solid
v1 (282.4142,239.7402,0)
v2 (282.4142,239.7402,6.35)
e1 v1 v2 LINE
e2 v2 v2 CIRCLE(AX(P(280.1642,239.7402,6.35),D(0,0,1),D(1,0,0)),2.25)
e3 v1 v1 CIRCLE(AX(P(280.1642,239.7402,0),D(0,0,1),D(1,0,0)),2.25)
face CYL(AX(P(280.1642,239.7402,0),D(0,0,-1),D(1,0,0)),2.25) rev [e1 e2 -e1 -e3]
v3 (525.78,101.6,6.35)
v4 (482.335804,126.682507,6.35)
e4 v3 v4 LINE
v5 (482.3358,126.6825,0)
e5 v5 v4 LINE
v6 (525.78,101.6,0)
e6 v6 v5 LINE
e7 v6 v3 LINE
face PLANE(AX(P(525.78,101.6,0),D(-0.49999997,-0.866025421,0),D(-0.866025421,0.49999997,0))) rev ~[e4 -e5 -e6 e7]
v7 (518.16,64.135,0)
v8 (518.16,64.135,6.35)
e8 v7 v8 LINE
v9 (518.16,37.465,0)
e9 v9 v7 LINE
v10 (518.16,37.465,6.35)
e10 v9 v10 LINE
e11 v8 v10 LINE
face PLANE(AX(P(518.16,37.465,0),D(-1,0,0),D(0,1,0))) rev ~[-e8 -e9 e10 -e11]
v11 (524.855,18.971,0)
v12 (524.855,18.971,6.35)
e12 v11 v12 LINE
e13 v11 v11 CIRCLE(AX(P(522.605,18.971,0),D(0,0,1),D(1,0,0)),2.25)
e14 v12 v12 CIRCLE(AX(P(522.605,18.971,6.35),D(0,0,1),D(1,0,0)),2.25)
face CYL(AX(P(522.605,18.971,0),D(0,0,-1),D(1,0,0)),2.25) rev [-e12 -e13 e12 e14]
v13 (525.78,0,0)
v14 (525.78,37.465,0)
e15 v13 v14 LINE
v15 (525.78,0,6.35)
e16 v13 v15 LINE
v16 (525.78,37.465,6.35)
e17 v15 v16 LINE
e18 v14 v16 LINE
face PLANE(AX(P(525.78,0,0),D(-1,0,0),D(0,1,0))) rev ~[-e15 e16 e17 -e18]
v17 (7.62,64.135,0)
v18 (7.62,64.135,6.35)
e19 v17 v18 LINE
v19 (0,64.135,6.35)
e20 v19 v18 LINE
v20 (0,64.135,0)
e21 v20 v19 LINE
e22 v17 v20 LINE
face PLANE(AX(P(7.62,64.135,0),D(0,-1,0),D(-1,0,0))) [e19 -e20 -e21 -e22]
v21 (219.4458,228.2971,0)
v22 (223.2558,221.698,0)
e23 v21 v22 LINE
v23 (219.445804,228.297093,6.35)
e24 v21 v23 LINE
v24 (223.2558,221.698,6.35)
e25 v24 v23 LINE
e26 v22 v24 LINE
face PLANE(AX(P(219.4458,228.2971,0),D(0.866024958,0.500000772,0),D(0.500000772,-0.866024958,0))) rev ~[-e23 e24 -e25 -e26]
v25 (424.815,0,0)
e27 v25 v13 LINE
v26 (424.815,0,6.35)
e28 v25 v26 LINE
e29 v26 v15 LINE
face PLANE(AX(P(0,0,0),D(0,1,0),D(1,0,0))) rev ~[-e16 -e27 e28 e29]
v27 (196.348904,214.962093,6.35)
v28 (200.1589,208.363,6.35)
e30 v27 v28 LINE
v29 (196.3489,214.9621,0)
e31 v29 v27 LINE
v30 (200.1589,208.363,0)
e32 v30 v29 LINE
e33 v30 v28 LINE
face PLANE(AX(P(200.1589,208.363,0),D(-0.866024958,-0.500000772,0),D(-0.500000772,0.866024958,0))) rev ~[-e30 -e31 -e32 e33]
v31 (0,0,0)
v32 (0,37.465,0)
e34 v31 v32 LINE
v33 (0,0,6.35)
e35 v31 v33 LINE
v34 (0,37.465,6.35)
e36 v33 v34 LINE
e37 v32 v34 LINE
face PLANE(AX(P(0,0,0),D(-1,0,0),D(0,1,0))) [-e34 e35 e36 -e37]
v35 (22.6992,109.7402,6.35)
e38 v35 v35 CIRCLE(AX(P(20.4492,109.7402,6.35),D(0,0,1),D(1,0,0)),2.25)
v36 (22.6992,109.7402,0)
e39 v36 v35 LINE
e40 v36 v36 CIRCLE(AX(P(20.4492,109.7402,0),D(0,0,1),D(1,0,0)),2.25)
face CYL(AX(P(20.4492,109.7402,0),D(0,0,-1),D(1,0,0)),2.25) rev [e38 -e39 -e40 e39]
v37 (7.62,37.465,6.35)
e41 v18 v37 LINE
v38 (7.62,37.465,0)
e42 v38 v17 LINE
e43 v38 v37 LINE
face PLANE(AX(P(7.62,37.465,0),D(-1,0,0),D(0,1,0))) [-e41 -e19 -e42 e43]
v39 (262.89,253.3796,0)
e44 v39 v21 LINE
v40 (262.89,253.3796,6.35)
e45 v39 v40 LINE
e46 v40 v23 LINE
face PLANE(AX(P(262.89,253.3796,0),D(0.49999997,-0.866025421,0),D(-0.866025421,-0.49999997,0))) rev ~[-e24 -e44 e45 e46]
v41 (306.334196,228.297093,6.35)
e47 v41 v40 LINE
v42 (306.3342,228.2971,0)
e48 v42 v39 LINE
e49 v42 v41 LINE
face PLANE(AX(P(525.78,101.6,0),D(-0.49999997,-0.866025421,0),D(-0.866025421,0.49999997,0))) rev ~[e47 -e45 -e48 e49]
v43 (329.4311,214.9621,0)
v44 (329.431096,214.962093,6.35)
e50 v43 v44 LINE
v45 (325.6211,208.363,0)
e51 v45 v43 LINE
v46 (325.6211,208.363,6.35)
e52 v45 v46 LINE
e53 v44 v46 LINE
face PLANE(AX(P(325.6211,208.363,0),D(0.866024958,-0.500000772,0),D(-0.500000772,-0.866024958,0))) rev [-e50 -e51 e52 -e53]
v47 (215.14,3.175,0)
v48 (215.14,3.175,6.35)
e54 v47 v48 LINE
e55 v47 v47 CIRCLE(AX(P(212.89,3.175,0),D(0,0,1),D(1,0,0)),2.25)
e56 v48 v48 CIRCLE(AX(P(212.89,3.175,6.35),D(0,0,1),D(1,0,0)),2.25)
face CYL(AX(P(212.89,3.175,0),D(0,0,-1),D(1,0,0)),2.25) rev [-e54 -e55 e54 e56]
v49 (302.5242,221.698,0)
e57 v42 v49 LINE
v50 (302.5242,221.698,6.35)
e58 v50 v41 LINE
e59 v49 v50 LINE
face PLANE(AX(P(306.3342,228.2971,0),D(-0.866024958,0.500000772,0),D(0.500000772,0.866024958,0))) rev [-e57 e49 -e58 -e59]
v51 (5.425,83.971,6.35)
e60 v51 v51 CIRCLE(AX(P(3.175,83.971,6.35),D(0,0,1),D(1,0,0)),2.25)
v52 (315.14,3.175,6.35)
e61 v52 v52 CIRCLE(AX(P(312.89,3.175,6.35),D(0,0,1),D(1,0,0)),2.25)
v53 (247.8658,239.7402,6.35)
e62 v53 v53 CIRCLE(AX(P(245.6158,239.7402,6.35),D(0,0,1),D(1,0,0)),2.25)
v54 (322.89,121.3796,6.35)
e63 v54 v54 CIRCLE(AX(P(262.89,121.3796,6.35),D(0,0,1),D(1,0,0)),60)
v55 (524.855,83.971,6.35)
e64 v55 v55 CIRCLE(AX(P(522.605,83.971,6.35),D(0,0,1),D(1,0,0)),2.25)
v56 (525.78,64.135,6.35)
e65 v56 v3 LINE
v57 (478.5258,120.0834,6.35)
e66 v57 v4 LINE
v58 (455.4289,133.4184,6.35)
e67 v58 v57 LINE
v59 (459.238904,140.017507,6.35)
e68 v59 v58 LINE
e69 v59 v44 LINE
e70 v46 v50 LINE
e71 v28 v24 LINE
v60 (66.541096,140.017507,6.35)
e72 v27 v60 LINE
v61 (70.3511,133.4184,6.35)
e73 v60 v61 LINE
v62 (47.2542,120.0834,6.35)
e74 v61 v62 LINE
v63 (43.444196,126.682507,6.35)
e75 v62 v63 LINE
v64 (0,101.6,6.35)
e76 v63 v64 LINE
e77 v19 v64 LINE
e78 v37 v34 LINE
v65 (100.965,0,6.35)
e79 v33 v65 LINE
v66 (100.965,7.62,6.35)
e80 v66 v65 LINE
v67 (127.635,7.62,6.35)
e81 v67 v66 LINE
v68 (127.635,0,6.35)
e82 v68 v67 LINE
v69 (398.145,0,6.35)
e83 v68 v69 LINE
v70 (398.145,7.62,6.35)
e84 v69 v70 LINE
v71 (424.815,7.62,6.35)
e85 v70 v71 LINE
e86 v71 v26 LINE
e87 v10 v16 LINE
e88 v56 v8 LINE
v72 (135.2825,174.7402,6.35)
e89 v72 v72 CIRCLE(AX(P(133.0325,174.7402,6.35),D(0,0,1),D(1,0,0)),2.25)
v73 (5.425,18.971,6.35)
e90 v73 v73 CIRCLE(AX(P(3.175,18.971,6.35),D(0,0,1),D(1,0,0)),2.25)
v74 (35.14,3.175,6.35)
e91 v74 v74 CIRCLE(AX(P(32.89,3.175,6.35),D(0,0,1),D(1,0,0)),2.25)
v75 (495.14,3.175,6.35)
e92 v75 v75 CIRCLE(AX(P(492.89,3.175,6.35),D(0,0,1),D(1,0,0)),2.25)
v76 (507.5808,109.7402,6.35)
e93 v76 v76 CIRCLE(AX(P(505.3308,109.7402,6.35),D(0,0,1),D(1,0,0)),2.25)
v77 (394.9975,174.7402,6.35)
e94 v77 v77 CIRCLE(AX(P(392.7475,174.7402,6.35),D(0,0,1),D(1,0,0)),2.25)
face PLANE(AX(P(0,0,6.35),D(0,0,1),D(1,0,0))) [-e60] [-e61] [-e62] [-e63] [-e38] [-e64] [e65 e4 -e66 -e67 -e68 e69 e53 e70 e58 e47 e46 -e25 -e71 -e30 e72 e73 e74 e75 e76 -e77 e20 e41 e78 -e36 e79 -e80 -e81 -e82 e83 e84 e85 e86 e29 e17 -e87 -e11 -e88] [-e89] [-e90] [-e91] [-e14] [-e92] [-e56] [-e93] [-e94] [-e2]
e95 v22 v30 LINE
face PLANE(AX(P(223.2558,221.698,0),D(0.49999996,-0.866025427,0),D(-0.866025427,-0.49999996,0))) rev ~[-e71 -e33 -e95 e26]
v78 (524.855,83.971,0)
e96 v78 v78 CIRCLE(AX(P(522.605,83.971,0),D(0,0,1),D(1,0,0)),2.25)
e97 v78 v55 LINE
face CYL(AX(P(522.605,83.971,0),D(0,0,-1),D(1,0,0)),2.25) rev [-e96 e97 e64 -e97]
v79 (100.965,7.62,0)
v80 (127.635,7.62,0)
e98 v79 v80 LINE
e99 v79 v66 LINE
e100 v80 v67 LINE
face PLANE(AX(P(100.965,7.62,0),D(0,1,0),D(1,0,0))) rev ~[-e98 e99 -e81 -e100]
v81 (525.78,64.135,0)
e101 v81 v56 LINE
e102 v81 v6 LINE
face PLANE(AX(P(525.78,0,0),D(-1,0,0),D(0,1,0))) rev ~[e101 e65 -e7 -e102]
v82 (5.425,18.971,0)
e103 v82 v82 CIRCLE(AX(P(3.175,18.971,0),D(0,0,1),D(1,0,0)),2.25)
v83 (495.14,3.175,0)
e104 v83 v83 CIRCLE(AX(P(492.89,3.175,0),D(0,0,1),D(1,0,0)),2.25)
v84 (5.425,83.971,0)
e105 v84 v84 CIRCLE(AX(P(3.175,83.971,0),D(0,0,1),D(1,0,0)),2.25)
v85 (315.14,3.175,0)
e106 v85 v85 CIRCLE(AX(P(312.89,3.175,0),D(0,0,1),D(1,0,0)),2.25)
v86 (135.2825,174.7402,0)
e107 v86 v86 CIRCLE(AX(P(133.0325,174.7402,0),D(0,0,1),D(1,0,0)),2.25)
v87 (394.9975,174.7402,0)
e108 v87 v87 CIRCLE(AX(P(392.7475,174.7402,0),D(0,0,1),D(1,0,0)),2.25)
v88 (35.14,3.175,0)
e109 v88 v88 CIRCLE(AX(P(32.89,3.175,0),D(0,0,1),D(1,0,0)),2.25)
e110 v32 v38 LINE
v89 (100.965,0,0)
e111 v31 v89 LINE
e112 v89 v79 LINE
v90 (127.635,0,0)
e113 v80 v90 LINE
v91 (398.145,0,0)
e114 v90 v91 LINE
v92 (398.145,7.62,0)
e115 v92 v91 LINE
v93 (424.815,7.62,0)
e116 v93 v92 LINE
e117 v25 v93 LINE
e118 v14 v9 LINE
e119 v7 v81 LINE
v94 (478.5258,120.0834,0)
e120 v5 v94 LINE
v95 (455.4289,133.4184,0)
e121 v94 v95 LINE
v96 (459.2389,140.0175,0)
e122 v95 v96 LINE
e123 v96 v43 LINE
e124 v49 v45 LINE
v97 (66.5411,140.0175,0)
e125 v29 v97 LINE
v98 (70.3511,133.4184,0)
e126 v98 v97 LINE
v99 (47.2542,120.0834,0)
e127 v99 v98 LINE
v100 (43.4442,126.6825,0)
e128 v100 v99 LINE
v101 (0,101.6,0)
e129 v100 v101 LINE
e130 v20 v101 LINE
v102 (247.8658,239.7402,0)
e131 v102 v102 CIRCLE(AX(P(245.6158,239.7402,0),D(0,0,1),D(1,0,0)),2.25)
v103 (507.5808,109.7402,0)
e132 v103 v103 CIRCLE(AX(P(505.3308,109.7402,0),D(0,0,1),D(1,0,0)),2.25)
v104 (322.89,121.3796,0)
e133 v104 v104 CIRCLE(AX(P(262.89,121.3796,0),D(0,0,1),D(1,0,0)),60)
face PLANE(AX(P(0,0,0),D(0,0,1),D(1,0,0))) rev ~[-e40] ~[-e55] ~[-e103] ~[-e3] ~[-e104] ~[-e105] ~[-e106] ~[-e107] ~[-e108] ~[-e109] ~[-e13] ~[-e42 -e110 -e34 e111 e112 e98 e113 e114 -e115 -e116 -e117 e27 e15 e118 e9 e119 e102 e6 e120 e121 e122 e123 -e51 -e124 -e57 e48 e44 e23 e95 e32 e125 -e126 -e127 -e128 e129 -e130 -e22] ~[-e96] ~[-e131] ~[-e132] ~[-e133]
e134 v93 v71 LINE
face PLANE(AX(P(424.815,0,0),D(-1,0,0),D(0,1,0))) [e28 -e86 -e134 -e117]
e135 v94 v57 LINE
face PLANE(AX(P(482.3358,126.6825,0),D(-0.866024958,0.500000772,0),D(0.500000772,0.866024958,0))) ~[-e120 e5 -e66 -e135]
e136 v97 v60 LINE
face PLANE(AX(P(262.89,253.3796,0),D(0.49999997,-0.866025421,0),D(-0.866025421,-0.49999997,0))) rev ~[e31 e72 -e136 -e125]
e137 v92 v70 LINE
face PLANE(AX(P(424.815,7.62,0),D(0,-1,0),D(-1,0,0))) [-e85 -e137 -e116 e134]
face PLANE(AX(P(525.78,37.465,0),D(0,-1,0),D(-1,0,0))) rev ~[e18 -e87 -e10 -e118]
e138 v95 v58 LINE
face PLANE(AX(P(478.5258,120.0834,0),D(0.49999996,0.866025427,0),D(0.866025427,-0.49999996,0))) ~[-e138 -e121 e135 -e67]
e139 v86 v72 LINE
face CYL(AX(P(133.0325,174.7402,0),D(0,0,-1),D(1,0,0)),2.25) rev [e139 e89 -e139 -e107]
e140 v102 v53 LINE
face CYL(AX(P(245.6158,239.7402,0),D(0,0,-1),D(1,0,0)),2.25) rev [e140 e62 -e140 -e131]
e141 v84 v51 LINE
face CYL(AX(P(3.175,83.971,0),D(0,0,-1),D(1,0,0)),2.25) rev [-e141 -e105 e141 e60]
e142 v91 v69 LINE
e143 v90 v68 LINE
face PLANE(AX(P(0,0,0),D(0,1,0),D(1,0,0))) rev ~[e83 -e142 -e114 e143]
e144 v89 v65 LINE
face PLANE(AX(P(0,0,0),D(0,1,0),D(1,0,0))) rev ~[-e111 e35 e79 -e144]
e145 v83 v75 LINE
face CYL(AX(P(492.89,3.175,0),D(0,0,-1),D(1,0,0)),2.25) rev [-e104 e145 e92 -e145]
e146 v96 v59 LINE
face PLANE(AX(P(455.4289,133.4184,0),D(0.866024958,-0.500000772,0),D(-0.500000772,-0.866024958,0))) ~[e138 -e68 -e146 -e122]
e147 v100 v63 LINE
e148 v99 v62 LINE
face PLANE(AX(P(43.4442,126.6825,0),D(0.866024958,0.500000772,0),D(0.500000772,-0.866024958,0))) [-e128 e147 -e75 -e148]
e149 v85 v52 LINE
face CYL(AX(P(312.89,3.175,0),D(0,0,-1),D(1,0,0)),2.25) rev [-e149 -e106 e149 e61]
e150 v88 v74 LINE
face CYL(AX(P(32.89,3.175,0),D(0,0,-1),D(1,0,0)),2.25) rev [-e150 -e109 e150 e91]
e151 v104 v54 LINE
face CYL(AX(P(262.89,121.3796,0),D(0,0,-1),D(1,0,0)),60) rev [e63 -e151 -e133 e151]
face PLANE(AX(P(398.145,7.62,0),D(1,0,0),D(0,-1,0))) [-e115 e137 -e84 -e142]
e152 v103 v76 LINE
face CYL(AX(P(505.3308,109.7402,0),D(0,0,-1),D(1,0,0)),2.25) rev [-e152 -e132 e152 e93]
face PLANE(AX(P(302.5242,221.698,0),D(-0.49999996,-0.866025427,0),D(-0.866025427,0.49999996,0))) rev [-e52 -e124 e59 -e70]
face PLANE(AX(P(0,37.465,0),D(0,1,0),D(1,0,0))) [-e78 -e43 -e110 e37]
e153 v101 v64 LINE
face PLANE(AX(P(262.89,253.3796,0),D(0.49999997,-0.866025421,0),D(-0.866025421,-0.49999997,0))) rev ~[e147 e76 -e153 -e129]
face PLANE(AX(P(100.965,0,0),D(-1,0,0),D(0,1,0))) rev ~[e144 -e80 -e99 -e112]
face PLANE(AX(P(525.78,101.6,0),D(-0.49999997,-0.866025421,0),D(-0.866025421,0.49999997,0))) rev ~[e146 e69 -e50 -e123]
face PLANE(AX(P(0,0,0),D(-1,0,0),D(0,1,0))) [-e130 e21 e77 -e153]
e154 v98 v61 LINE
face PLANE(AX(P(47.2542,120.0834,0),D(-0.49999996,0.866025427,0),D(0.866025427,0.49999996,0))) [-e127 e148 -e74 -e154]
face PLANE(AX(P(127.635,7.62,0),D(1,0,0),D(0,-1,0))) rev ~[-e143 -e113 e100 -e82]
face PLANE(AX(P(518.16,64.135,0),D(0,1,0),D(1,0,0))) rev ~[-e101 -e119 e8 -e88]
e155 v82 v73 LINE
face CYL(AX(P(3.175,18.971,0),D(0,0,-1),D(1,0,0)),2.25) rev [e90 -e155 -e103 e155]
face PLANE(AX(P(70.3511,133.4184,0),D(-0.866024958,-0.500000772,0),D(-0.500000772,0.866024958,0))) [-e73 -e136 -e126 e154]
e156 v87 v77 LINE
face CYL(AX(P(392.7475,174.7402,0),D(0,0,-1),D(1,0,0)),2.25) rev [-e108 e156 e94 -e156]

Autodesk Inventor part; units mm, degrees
ref_plane "YZ Plane" through (0, 0, 0) normal (1, 0, 0) x (0, 1, 0)
ref_plane "XZ Plane" through (0, 0, 0) normal (0, 1, 0) x (-1, 0, 0)
sketch "Sketch1" plane through (0, 0, 0) normal (0, 0, 1) x (1, 0, 0)
  line L0 (0, 0) -> (0, 101.6)
  line L1 (0, 0) -> (525.78, 0)
  line L2 (525.78, 0) -> (525.78, 101.6)
  line L3 (525.78, 101.6) -> (262.89, 253.3796)
  line L4 (262.89, 253.3796) -> (0, 101.6)
  circle A0 centre (262.89, 121.3796) radius 60
  line L5 (3.175, 99.7669) -> (3.175, 3.175) construction
  line L6 (3.175, 3.175) -> (522.605, 3.175) construction
  line L7 (522.605, 3.175) -> (522.605, 99.7669) construction
  line L8 (522.605, 99.7669) -> (262.89, 249.7134) construction
  line L9 (262.89, 249.7134) -> (3.175, 99.7669) construction
  line L10 (6.35, 97.9338) -> (6.35, 6.35) construction
  line L11 (6.35, 6.35) -> (519.43, 6.35) construction
  line L12 (519.43, 6.35) -> (519.43, 97.9338) construction
  line L13 (519.43, 97.9338) -> (262.89, 246.0473) construction
  line L14 (262.89, 246.0473) -> (6.35, 97.9338) construction
  circle A1 centre (3.175, 83.971) radius 2.25
  circle A2 centre (3.175, 18.971) radius 2.25
  line L15 (3.175, 83.971) -> (3.175, 18.971) construction
  circle A3 centre (32.89, 3.175) radius 2.25
  circle A4 centre (212.89, 3.175) radius 2.25
  circle A5 centre (312.89, 3.175) radius 2.25
  circle A6 centre (492.89, 3.175) radius 2.25
  line L16 (32.89, 3.175) -> (492.89, 3.175) construction
  line L17 (212.89, 3.175) -> (312.89, 3.175) construction
  line L18 (20.4492, 109.7402) -> (245.6158, 239.7402) construction
  circle A7 centre (20.4492, 109.7402) radius 2.25
  circle A8 centre (245.6158, 239.7402) radius 2.25
  line L19 (262.89, 0) -> (262.89, 253.3796) construction
  circle A9 centre (522.605, 83.971) radius 2.25
  circle A10 centre (522.605, 18.971) radius 2.25
  circle A11 centre (505.3308, 109.7402) radius 2.25
  circle A12 centre (280.1642, 239.7402) radius 2.25
  circle A13 centre (133.0325, 174.7402) radius 2.25
  circle A14 centre (392.7475, 174.7402) radius 2.25
  point P0 (3.175, 51.471)
  point P1 (3.175, 51.471)
  point P2 (262.89, 3.175)
  point P3 (262.89, 3.175)
  point P4 (262.89, 3.175)
  dimension "d0" = 101.6
  dimension "d1" = 525.78
  dimension "d2" = 120
  dimension "d3" = 120
  dimension "d4" = 121.3796
  dimension "d5" = 3.175
  dimension "d6" = 3.175
  dimension "d7" = 4.5
  dimension "d8" = 4.5
  dimension "d9" = 65
  dimension "d10" = 4.5
  dimension "d11" = 4.5
  dimension "d12" = 4.5
  dimension "d13" = 4.5
  dimension "d14" = 460
  dimension "d15" = 100
  dimension "d16" = 4.5
  dimension "d17" = 4.5
  dimension "d18" = 260
  dimension "d33" = 4.5
  dimension "d34" = 4.5
extrude "Extrusion1" add sketch "Sketch1" along normal blind 6.35
sketch "Sketch2" plane through (0, 0, 0) normal (0, 0, -1) x (-1, 0, 0)
  line L0 (-100.965, 7.62) -> (-127.635, 7.62)
  line L1 (-127.635, 7.62) -> (-127.635, 0)
  line L2 (-127.635, 0) -> (-100.965, 0)
  line L3 (-100.965, 0) -> (-100.965, 7.62)
  line L4 (-525.78, 0) -> (0, 0) projected
  line L5 (0, 0) -> (0, 101.6) projected
  line L6 (0, 0) -> (-525.78, 0) projected
  line L7 (-262.89, 0) -> (-262.89, -49.0023)
  line L8 (-424.815, 7.62) -> (-398.145, 7.62)
  line L9 (-398.145, 7.62) -> (-398.145, 0)
  line L10 (-398.145, 0) -> (-424.815, 0)
  line L11 (-424.815, 0) -> (-424.815, 7.62)
  line L12 (0, 0) -> (-525.78, 0)
  line L13 (-525.78, 0) -> (0, 0)
  line L14 (0, 101.6) -> (0, 0) projected
  line L15 (0, 37.465) -> (-7.62, 37.465)
  line L16 (-7.62, 37.465) -> (-7.62, 64.135)
  line L17 (-7.62, 64.135) -> (0, 64.135)
  line L18 (0, 64.135) -> (0, 37.465)
  line L19 (-525.78, 0) -> (-525.78, 101.6)
  line L20 (-525.78, 101.6) -> (-525.78, 0)
  line L21 (-525.78, 37.465) -> (-518.16, 37.465)
  line L22 (-518.16, 37.465) -> (-518.16, 64.135)
  line L23 (-518.16, 64.135) -> (-525.78, 64.135)
  line L24 (-525.78, 64.135) -> (-525.78, 37.465)
  point P0 (0, 50.8)
  point P1 (-525.78, 50.8)
  dimension "d21" = 26.67
  dimension "d22" = 7.62
  dimension "d23" = 100.965
  dimension "d26" = 7.62
  dimension "d27" = 26.67
extrude "Extrusion2" cut sketch "Sketch2" against normal through all
sketch "Sketch3" plane through (0, 0, 0) normal (0, 0, -1) x (-1, 0, 0)
  line L0 (0, 101.6) -> (-262.89, 253.3796) projected
  line L1 (-43.4442, 126.6825) -> (-47.2542, 120.0834)
  line L2 (-47.2542, 120.0834) -> (-70.3511, 133.4184)
  line L3 (-70.3511, 133.4184) -> (-66.5411, 140.0175)
  line L4 (-66.5411, 140.0175) -> (-43.4442, 126.6825)
  line L5 (-131.445, 177.4898) -> (-144.4004, 155.0504)
  line L6 (-262.89, 253.3796) -> (0, 101.6)
  line L7 (-219.4458, 228.2971) -> (-223.2558, 221.698)
  line L8 (-223.2558, 221.698) -> (-200.1589, 208.363)
  line L9 (-200.1589, 208.363) -> (-196.3489, 214.9621)
  line L10 (-196.3489, 214.9621) -> (-219.4458, 228.2971)
  point P0 (0, 0)
  dimension "d28" = 7.62
  dimension "d29" = 26.67
  dimension "d30" = 50.165
extrude "Extrusion3" cut sketch "Sketch3" against normal through all
ref_plane "Work Plane1" through (262.89, 0, 0) normal (-1, 0, 0) x (0, 0, 1)
mirror "Mirror1" about plane through (262.89, 0, 0) normal (-1, 0, 0) of "Extrusion3"
equation "\"d5\" = 0.5 * d19"
equation "\"d6\" = 0.5 * d19"
equation "\"d19\" = Panel_Thickness"
equation "\"d22\" = Panel_Thickness + Fit_Tolerance"
equation "\"d26\" = Panel_Thickness + Fit_Tolerance"
equation "\"d28\" = Panel_Thickness + Fit_Tolerance"
equation "\"Fit_Tolerance\" = 1.27"
equation "\"Panel_Thickness\" = 6.35"
equation "\"Tool_Dia\" = 6.35"
properties part number "BA01" material "Polyethylene, High Density"
